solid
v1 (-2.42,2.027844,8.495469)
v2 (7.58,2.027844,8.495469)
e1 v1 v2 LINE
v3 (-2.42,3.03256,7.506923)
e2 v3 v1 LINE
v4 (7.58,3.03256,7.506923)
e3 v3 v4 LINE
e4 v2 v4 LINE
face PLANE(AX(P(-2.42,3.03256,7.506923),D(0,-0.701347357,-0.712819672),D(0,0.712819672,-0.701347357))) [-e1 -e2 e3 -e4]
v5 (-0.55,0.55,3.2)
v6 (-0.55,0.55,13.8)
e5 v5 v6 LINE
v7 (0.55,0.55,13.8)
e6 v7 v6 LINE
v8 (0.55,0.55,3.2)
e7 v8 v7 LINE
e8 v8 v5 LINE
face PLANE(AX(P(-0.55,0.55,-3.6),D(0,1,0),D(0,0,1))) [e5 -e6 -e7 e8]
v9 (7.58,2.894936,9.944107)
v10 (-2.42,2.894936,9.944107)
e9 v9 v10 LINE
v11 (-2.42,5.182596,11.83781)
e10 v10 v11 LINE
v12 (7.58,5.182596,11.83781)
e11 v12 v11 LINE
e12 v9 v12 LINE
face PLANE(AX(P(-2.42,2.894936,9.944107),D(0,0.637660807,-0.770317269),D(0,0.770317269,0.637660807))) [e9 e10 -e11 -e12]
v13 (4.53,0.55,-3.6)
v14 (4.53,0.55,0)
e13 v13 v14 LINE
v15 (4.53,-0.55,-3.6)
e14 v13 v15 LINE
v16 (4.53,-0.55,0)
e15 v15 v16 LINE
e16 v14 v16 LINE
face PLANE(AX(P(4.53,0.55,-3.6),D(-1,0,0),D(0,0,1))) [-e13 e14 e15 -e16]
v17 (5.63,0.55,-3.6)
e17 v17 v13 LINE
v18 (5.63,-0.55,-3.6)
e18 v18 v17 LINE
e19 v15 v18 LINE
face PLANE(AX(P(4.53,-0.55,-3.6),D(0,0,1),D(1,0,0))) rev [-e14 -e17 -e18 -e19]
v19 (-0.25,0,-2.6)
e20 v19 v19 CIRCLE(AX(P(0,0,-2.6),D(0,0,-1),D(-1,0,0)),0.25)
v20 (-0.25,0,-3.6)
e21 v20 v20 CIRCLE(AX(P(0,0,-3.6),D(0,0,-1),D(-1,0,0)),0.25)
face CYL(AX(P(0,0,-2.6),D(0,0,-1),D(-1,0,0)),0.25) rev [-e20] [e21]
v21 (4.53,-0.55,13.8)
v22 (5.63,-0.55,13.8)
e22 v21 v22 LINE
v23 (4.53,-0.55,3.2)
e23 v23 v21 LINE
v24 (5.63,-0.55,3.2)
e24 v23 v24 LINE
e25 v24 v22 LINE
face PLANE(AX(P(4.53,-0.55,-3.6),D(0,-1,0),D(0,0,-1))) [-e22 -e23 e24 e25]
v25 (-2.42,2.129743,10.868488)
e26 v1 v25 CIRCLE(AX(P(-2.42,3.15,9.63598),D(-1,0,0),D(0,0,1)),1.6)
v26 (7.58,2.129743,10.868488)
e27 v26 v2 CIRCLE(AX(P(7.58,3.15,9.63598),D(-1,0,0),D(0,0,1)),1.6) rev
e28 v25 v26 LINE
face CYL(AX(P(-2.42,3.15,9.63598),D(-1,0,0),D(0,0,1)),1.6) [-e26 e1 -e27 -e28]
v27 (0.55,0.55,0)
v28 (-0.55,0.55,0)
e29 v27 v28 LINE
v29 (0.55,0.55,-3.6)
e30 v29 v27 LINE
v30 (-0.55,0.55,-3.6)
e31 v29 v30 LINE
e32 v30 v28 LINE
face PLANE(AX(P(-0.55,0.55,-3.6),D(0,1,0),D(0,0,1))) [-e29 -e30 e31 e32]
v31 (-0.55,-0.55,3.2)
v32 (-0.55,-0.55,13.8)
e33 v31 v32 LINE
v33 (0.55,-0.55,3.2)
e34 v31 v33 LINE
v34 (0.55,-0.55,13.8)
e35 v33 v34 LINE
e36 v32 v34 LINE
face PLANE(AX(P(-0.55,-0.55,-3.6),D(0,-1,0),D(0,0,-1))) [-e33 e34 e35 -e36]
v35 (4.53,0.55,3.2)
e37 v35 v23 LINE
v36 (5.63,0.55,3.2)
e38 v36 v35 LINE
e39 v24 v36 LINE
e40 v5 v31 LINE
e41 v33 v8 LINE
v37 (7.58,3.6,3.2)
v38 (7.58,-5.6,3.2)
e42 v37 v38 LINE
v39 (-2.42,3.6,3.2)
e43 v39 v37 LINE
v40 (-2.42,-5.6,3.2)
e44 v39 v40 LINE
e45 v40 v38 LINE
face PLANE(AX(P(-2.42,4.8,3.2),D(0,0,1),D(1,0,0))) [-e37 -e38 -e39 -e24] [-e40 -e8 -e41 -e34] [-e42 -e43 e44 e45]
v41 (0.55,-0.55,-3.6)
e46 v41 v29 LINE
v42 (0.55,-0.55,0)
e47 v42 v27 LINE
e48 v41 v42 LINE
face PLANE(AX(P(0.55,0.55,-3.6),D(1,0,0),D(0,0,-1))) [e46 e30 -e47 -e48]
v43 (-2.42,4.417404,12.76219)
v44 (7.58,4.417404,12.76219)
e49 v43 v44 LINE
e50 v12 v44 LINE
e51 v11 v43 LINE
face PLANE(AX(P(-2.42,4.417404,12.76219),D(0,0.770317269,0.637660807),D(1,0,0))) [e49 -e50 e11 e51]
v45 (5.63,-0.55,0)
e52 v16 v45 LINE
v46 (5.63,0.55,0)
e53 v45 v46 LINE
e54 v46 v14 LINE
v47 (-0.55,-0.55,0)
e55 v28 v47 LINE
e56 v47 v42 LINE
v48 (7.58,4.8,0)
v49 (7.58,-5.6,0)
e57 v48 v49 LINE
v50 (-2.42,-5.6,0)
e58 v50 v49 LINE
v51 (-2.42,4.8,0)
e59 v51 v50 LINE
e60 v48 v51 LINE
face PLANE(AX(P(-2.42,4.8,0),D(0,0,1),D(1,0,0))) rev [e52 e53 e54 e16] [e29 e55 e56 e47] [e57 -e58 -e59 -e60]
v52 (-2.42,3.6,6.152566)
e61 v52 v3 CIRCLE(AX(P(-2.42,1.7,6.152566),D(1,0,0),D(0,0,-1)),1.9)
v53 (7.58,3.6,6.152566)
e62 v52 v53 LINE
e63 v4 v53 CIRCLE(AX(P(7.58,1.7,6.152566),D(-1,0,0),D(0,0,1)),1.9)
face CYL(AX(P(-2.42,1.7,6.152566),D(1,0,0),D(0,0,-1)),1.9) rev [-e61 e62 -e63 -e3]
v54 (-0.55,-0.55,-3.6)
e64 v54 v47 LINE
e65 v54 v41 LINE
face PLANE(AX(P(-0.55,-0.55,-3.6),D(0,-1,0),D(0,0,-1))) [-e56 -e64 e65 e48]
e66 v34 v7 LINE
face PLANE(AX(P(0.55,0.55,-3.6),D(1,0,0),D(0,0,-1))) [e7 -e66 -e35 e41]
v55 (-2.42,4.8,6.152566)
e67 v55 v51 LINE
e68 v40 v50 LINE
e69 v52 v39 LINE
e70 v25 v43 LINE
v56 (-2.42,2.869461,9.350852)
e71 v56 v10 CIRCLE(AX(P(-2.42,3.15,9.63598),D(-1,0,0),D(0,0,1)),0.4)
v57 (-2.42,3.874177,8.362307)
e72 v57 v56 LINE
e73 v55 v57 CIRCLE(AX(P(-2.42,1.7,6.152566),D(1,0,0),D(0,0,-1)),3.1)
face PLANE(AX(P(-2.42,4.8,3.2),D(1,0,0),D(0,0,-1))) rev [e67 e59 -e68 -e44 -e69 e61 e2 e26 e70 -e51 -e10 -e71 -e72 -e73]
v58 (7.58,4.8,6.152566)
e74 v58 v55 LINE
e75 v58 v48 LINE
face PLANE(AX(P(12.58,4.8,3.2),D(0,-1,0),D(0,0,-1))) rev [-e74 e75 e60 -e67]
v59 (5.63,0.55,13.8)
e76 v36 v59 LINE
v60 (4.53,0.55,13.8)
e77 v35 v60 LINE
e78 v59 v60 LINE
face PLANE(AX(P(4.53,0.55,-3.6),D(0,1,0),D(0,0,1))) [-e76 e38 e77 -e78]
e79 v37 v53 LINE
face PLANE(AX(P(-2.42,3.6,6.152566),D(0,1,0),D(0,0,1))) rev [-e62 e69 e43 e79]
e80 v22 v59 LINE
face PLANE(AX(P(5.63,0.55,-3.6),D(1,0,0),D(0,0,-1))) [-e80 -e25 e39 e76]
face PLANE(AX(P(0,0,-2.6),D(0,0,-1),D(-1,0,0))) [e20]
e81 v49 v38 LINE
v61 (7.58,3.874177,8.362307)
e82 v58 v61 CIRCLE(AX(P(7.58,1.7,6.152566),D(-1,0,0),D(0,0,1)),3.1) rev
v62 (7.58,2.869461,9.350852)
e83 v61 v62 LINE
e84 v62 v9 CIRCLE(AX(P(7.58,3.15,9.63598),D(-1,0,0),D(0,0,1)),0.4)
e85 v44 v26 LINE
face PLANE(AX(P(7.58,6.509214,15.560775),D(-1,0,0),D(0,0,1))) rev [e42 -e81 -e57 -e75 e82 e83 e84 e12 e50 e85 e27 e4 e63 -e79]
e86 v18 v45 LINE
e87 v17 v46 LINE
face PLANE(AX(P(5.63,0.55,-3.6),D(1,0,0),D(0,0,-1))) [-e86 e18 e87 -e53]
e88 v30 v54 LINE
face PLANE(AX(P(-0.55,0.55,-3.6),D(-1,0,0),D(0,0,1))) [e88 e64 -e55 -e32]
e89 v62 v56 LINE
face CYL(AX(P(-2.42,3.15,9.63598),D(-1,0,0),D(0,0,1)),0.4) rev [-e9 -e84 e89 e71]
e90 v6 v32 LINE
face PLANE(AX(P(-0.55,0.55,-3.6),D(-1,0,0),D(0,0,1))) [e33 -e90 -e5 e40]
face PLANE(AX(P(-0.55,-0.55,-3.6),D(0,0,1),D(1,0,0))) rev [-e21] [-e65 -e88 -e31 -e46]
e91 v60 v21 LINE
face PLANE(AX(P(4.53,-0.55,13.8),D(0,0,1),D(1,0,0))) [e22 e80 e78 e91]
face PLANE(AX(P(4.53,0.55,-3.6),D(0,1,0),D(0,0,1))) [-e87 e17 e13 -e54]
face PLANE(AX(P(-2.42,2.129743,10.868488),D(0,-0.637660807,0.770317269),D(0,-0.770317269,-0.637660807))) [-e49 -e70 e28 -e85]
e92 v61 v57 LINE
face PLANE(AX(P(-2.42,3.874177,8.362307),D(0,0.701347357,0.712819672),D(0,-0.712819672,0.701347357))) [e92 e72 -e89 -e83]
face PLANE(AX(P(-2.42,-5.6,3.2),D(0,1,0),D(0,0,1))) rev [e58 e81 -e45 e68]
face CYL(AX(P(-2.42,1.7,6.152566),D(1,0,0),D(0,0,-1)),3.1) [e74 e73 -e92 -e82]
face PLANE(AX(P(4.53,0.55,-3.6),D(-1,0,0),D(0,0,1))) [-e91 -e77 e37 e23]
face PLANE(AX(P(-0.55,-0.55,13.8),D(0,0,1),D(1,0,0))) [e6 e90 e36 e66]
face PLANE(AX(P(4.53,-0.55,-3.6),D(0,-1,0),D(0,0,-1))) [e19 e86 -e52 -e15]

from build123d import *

# Parameters (mm, degrees)
SKETCH_2_W           = 15
SKETCH_2_H           = 10.4
EXTRUDE_1_DEPTH      = 3.2
EXTRUDE_2_DEPTH      = 13.8
EXTRUDE_2_DEPTH_BACK = 3.6
SKETCH_3_W           = 1.1
SKETCH_3_H           = 1.1
SKETCH_5_W           = 15
SKETCH_5_H           = 1.2
SKETCH_6_W           = 19.881870093
SKETCH_6_H           = 13.435857504
CUT_EXTRUDE_1_DEPTH  = 5
SKETCH_7_R           = 0.25
CUT_EXTRUDE_2_DEPTH  = 1


with BuildPart() as part:
    # Эскиз2 → Вытянуть1 (new body)
    with BuildSketch(Plane.XY):
        with Locations((5.08, -0.4)):
            Rectangle(SKETCH_2_W, SKETCH_2_H)
    extrude(amount=EXTRUDE_1_DEPTH)

    # Эскиз3 → Вытянуть2 (add, two sides: drawn at the far end of the back side and taken through both)
    with BuildSketch(Plane.XY.offset(-EXTRUDE_2_DEPTH_BACK)):
        Rectangle(SKETCH_3_W, SKETCH_3_H)
        with Locations((5.08, 0)):
            Rectangle(SKETCH_3_W, SKETCH_3_H)
        with Locations((10.16, 0)):
            Rectangle(SKETCH_3_W, SKETCH_3_H)
    extrude(amount=EXTRUDE_2_DEPTH + EXTRUDE_2_DEPTH_BACK)

    # По траектории1: sweep along a path in Эскиз4
    with BuildLine(Plane.ZY.offset(2.42)) as sweep_1_path:
        Line((3.2, 4.2), (6.152565934, 4.2))
        ThreePointArc((6.152565934, 4.2), (7.118635036, 4.005799317), (7.934615114, 3.453368392))
        Line((7.934615114, 3.453368392), (8.923160693, 2.448652643))
        ThreePointArc((8.923160693, 2.448652643), (9.678881269, 2.150920668), (10.406297634, 2.512339193))
        Line((10.406297634, 2.512339193), (12.3, 4.8))
    # Эскиз5 → По траектории1 (sweep)
    with BuildSketch(Plane.XY.offset(3.2)):
        with Locations((5.08, 4.2)):
            Rectangle(SKETCH_5_W, SKETCH_5_H)
    sweep(path=sweep_1_path.line)

    # Эскиз6 → Вырез-Вытянуть1 (cut)
    with BuildSketch(Plane(origin=(12.58, 0, 0), x_dir=(0, 0, -1), z_dir=(1, 0, 0))):
        with Locations((-5.619839725, -0.208714258)):
            Rectangle(SKETCH_6_W, SKETCH_6_H)
    extrude(amount=-CUT_EXTRUDE_1_DEPTH, mode=Mode.SUBTRACT)

    # Эскиз7 → Вырез-Вытянуть2 (cut)
    with BuildSketch(Plane(origin=(0, 0, -3.6), x_dir=(-1, 0, 0), z_dir=(0, 0, -1))):
        Circle(SKETCH_7_R)
    extrude(amount=-CUT_EXTRUDE_2_DEPTH, mode=Mode.SUBTRACT)


solid = part.part
